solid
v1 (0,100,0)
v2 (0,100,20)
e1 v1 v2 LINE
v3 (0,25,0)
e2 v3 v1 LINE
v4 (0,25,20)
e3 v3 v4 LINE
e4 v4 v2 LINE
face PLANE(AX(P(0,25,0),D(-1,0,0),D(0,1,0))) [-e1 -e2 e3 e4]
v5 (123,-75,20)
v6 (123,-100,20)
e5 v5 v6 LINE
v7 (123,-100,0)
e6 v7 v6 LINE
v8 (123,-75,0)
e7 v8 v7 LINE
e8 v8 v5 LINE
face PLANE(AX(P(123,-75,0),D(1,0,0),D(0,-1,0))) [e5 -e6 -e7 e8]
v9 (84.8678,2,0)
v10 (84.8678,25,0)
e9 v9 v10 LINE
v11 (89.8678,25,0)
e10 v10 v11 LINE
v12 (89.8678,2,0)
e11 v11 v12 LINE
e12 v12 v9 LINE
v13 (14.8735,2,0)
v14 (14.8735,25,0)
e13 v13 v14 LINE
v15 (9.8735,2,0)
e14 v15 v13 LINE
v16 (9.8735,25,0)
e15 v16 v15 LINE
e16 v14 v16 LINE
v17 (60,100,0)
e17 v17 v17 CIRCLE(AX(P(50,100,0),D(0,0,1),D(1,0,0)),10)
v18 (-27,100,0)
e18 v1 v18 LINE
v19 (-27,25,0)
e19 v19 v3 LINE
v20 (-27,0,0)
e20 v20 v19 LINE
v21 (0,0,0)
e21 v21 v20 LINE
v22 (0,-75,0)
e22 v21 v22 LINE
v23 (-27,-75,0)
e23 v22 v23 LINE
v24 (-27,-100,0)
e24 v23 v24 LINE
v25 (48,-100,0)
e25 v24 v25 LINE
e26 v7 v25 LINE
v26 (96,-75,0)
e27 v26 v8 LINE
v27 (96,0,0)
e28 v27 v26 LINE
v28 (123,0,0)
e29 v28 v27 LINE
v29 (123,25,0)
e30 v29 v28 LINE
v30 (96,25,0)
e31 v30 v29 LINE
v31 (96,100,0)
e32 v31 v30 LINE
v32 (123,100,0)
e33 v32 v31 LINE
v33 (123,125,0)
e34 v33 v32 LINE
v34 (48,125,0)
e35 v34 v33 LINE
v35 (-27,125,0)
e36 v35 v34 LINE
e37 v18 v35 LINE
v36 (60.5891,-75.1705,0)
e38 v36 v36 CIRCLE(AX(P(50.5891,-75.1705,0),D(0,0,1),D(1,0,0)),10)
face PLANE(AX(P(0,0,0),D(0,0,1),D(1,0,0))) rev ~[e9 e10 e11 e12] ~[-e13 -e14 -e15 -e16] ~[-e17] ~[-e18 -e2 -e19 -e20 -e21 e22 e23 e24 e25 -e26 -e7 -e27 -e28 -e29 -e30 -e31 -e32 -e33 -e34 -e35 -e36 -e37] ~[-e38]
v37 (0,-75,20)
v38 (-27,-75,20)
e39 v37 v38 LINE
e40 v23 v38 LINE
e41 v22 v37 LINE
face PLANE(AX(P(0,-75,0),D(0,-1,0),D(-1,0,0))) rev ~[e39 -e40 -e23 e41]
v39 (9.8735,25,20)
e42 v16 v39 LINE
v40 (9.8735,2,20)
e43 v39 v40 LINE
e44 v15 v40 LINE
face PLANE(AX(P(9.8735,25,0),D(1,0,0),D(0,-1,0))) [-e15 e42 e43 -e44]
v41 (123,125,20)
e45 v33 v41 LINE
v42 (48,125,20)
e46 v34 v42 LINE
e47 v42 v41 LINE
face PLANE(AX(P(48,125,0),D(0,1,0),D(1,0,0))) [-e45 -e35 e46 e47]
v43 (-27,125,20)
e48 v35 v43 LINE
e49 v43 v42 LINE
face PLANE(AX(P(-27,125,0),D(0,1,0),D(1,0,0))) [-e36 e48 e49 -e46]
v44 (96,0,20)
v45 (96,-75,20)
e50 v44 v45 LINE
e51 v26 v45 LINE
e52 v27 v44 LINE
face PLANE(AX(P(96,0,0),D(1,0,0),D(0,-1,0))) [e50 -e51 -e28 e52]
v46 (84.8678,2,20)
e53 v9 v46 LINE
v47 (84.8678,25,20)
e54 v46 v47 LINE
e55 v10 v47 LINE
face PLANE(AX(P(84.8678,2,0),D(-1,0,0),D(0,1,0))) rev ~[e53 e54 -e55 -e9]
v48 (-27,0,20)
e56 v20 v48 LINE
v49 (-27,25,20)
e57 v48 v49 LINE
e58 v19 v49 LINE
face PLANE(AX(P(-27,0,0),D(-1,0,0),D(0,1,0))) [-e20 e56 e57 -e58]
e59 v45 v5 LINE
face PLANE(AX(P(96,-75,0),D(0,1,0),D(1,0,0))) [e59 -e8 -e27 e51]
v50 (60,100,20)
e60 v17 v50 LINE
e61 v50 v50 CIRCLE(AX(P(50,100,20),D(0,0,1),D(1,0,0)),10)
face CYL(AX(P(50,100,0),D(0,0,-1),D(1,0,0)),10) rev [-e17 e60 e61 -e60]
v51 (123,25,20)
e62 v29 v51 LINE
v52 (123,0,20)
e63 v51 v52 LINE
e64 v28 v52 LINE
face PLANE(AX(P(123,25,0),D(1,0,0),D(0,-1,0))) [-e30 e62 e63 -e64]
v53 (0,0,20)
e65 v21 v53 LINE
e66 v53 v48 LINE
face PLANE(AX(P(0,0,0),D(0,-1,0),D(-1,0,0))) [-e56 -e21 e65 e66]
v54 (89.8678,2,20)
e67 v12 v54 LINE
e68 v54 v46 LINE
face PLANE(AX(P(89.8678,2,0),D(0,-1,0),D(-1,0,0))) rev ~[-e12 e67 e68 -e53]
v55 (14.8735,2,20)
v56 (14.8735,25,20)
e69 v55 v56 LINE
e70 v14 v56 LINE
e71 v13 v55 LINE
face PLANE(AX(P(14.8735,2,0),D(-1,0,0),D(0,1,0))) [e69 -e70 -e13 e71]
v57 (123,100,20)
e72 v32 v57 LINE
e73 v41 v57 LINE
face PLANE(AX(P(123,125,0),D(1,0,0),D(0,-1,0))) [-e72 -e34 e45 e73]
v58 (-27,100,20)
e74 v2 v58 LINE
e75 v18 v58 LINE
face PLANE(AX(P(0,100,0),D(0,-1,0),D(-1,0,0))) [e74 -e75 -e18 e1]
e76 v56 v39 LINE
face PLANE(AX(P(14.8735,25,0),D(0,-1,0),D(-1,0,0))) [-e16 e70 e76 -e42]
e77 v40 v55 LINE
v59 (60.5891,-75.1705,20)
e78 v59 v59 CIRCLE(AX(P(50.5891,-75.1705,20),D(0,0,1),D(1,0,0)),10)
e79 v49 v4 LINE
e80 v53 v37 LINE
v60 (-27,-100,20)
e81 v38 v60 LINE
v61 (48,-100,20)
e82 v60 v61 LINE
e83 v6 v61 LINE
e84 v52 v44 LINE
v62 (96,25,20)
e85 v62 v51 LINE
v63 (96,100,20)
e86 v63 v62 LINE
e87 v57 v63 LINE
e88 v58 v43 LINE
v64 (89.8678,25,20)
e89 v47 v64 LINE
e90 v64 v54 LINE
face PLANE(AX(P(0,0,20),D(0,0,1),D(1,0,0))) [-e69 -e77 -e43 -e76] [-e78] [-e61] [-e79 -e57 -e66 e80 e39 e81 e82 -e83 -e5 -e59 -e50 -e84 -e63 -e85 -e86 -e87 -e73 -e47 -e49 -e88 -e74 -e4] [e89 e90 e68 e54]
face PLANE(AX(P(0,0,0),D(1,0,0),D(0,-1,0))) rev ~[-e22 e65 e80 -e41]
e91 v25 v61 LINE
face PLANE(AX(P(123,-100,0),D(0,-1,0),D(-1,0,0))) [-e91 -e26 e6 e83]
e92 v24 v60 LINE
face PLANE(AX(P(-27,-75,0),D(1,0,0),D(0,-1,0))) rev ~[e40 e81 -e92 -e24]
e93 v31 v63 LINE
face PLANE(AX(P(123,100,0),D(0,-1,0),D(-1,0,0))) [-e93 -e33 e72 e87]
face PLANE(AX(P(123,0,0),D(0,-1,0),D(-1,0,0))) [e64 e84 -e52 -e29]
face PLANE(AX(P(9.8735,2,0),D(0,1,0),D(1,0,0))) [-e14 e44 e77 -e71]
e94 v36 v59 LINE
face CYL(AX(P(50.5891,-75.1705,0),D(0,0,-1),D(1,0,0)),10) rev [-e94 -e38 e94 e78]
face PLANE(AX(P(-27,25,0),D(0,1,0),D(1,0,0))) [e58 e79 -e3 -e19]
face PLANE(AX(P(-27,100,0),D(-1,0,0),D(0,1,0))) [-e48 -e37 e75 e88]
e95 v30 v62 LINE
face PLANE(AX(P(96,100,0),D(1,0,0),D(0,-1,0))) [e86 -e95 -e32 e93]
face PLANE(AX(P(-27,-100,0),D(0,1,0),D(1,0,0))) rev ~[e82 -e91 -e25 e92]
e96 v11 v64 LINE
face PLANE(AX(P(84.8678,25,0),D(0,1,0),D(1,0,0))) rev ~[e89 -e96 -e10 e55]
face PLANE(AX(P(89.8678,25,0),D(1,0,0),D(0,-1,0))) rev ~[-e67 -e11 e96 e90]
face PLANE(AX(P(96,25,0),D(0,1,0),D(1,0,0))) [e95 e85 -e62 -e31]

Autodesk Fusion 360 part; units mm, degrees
sketch "Sketch1" plane through (0, 0, 0) normal (0, 0, 1) x (1, 0, 0)
  line L0 (0, 0) -> (-27, 0)
  line L1 (-27, 0) -> (-27, 25)
  line L2 (-27, 25) -> (0, 25)
  line L3 (0, 25) -> (0, 100)
  line L4 (0, 100) -> (-27, 100)
  line L5 (0, 0) -> (0, -75)
  line L6 (0, -75) -> (-27, -75)
  line L7 (-27, -75) -> (-27, -100)
  line L8 (-27, -100) -> (48, -100)
  line L9 (-27, 100) -> (-27, 125)
  line L10 (-27, 125) -> (48, 125)
  line L11 (48, 125) -> (123, 125)
  line L12 (123, 125) -> (123, 100)
  line L13 (123, 100) -> (96, 100)
  line L14 (96, 100) -> (96, 25)
  line L15 (96, 25) -> (123, 25)
  line L16 (123, 25) -> (123, 0)
  line L17 (123, 0) -> (96, 0)
  line L18 (96, 0) -> (96, -75)
  line L19 (96, -75) -> (123, -75)
  line L20 (123, -75) -> (123, -100)
  line L21 (123, -100) -> (48, -100)
  circle A0 centre (50, 100) radius 10
  circle A1 centre (50.5891, -75.1705) radius 10
  line L22 (9.8735, 25) -> (9.8735, 2)
  line L23 (9.8735, 2) -> (14.8735, 2)
  line L24 (14.8735, 2) -> (14.8735, 25)
  line L25 (14.8735, 25) -> (9.8735, 25)
  line L26 (89.8678, 25) -> (89.8678, 2)
  line L27 (89.8678, 2) -> (84.8678, 2)
  line L28 (84.8678, 2) -> (84.8678, 25)
  line L29 (84.8678, 25) -> (89.8678, 25)
sketch "Sketch2" plane through (0, 0, 0) normal (0, 0, 1) x (1, 0, 0)
extrude "Extrude1" add sketch "Sketch1" along normal blind 20
